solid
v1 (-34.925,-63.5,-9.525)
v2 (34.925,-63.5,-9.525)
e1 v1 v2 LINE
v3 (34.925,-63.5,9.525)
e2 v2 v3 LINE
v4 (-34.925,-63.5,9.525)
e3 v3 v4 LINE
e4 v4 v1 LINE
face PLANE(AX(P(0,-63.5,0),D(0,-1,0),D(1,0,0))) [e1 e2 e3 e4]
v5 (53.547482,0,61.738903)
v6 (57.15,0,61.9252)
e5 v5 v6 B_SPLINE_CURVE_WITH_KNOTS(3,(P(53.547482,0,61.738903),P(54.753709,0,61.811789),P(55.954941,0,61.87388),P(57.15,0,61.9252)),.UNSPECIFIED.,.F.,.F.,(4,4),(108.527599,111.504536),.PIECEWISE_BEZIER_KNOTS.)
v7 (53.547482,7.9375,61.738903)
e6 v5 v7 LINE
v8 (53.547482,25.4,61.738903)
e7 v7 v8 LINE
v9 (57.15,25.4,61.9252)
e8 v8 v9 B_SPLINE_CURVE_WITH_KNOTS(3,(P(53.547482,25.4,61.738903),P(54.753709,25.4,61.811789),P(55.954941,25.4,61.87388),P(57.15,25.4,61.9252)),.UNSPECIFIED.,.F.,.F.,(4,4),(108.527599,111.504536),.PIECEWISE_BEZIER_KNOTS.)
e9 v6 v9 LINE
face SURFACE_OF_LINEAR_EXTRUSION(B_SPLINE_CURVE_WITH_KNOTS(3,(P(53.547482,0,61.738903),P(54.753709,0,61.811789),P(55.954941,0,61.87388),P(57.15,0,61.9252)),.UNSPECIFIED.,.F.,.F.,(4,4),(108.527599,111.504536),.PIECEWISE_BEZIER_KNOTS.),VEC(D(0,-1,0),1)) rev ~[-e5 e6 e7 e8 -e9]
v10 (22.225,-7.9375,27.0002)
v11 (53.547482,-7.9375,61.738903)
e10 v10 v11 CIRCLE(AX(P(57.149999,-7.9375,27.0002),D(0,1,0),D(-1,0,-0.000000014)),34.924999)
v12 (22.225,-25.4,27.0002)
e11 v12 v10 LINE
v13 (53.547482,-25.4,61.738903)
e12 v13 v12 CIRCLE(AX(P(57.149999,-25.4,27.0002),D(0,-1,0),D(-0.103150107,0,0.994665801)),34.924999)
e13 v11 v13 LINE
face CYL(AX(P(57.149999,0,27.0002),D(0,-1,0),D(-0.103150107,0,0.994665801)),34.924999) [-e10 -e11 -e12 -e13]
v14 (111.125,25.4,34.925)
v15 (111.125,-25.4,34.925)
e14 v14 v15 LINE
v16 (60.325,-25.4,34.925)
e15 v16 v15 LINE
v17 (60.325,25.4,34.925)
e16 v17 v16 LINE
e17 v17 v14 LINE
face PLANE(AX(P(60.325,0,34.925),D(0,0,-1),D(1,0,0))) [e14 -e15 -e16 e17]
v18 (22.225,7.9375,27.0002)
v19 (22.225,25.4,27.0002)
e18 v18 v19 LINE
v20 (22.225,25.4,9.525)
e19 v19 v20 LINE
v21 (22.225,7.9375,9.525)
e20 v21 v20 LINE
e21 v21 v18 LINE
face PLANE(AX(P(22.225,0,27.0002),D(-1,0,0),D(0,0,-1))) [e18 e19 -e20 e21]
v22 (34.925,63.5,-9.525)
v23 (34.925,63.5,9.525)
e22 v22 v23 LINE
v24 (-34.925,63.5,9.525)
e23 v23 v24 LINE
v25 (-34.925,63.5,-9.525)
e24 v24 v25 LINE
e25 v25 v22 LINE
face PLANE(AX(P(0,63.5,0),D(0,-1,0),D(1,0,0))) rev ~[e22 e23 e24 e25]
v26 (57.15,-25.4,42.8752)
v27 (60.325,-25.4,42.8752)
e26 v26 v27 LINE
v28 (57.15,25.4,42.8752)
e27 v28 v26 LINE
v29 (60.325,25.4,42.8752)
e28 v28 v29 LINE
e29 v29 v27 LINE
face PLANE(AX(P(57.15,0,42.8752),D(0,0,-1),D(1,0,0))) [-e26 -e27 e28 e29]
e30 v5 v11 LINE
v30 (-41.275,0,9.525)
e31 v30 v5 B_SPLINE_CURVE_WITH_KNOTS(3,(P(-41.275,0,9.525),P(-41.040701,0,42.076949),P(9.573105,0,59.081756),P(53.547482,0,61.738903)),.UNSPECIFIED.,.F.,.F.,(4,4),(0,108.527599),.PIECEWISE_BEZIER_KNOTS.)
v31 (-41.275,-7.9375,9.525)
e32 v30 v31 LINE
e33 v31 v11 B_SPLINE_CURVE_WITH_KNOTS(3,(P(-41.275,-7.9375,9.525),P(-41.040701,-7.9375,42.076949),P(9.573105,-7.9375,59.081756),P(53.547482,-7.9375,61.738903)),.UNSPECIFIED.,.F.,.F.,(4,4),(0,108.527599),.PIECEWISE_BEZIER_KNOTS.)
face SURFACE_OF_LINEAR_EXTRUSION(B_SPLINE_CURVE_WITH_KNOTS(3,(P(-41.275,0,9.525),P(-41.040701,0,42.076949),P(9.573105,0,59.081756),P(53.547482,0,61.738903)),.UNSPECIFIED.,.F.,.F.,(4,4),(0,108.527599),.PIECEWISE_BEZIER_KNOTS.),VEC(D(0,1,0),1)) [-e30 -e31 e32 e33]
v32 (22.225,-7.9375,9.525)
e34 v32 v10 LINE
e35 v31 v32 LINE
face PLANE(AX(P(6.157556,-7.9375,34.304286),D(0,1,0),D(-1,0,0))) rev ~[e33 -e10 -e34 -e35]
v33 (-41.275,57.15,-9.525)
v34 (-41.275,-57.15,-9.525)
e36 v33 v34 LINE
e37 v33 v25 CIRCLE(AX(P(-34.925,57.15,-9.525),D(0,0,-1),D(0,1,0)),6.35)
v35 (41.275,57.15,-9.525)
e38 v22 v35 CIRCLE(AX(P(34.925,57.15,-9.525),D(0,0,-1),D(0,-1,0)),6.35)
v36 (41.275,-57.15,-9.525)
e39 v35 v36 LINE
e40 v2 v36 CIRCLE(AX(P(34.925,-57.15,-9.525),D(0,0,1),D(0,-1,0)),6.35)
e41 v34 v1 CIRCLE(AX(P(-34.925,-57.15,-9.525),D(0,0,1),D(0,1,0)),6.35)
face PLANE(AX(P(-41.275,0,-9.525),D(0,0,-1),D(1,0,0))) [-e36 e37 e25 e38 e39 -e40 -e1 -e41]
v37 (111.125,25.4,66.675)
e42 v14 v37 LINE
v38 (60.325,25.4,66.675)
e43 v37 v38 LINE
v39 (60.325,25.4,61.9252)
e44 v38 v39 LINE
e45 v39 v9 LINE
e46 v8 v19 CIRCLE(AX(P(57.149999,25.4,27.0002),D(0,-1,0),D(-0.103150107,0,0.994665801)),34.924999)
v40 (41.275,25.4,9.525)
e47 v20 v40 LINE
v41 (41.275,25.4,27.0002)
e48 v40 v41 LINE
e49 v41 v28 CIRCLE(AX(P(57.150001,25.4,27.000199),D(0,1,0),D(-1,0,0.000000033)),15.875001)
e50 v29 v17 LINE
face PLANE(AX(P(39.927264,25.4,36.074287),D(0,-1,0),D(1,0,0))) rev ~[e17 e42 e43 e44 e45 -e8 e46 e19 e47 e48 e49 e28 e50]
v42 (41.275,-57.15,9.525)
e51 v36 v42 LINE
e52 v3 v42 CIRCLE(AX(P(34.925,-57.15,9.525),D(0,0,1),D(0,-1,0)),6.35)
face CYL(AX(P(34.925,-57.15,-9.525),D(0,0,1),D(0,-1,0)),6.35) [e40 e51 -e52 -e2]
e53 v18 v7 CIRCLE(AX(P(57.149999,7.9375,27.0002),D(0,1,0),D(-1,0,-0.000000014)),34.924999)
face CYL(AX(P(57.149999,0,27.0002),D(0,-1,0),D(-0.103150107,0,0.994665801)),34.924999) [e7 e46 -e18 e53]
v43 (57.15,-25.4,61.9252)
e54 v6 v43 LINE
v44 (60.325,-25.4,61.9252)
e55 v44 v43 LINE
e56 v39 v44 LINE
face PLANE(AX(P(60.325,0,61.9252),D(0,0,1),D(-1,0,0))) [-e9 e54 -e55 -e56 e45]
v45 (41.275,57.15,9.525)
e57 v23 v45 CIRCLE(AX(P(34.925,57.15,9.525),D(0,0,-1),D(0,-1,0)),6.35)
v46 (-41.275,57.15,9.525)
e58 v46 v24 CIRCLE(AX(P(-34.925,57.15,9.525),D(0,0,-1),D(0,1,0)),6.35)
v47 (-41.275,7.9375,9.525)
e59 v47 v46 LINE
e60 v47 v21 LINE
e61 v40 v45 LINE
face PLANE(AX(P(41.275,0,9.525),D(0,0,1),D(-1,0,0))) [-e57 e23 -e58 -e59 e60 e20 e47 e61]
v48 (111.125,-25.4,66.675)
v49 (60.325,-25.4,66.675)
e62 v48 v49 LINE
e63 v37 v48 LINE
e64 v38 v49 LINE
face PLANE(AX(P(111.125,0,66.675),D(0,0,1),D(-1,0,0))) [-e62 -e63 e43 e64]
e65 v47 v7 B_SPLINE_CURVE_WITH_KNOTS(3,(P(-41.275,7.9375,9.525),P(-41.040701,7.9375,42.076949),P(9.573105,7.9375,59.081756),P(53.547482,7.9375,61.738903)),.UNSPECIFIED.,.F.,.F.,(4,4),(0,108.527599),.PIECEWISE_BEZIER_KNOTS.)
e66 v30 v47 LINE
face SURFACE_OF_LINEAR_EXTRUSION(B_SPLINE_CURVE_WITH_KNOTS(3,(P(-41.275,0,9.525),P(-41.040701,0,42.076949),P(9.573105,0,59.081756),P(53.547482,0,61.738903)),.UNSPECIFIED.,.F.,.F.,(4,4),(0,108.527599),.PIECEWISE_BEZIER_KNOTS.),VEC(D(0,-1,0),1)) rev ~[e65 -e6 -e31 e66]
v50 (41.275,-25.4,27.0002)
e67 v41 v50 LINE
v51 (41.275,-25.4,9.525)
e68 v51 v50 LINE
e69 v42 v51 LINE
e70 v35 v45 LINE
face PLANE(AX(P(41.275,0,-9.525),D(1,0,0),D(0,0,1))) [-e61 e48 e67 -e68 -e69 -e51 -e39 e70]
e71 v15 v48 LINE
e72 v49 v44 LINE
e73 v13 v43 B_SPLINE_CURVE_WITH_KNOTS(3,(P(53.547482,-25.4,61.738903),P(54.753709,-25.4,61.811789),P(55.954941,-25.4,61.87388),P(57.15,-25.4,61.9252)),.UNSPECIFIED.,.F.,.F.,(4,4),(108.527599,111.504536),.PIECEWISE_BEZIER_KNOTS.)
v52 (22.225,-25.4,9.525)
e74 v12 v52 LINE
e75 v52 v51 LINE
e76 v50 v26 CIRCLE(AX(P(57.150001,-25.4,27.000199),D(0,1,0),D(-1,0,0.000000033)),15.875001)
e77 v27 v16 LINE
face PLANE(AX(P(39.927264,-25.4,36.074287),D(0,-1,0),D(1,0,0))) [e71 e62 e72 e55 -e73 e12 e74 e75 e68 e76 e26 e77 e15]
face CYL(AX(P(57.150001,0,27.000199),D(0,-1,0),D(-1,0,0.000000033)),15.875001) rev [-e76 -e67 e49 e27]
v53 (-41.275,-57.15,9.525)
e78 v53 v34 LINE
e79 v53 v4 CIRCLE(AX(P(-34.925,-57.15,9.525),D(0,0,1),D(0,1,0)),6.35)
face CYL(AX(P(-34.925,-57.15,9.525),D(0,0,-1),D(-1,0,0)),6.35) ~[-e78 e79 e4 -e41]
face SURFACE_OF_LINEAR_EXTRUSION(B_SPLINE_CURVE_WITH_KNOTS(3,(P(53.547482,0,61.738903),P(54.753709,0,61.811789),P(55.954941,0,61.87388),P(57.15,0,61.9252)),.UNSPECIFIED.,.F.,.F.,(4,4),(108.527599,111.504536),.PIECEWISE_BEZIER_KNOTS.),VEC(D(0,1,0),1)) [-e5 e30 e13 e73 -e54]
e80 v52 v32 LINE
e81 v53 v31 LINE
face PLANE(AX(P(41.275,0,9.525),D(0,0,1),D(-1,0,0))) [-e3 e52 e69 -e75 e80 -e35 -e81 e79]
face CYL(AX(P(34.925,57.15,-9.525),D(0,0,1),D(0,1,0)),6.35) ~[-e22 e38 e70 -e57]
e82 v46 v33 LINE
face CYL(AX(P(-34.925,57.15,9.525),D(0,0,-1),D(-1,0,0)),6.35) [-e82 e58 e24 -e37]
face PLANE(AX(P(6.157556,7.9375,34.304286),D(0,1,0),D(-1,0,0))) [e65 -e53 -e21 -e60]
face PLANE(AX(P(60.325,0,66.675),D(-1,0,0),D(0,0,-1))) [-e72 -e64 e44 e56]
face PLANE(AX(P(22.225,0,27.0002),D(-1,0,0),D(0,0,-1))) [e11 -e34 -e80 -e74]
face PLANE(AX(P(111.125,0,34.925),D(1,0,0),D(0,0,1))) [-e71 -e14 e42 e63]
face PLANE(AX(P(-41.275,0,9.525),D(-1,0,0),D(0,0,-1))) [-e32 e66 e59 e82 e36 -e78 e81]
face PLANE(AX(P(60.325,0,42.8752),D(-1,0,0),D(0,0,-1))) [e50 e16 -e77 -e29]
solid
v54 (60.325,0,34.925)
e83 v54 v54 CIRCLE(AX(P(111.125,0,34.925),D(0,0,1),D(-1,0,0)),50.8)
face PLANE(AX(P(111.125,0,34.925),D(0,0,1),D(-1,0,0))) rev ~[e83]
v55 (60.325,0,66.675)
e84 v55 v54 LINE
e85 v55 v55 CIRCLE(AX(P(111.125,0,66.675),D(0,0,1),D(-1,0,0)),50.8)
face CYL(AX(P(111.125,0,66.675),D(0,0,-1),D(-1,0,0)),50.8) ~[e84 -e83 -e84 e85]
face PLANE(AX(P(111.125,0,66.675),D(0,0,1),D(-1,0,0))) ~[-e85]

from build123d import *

# Parameters (mm, degrees)
F1_DEPTH = 63.5
F2_DEPTH = 25.4
F3_DEPTH = 7.9375
F5_R     = 6.35


with BuildPart() as f1:
    # F0 (on Front) → F1 (new body, symmetric)
    with BuildSketch(Plane.XZ):
        Polygon((-41.275, 9.525), (-41.275, -9.525), (41.275, -9.525), (41.275, 9.525), (22.225, 9.525), align=None)
    extrude(amount=F1_DEPTH, both=True)

    # F0 (on Front) → F2 (join, symmetric)
    with BuildSketch(Plane.XZ):
        with BuildLine():
            Line((22.225, 9.525), (41.275, 9.525))
            Line((41.275, 9.525), (41.275, 27.0002))
            ThreePointArc((41.275, 27.0002), (45.92468, 38.22552), (57.15, 42.8752))
            Line((57.15, 42.8752), (60.325, 42.8752))
            Line((60.325, 42.8752), (60.325, 61.9252))
            Line((60.325, 61.9252), (57.15, 61.9252))
            add(Edge.make_bspline(
                [(53.547482, 61.738903), (54.753709, 61.811789), (55.954941, 61.87388), (57.15, 61.9252)],
                knots=[108.527599, 108.527599, 108.527599, 108.527599, 111.504536, 111.504536, 111.504536, 111.504536], degree=3))
            ThreePointArc((53.547482, 61.738903), (31.211866, 50.387565), (22.225, 27.0002))
            Line((22.225, 27.0002), (22.225, 9.525))
        make_face()
        Polygon((60.325, 66.675), (60.325, 61.9252), (60.325, 42.8752), (60.325, 34.925), (111.125, 34.925), (111.125, 66.675), align=None)
    extrude(amount=F2_DEPTH, both=True)

    # F0 (on Front) → F3 (join, symmetric)
    with BuildSketch(Plane.XZ):
        with BuildLine():
            add(Edge.make_bspline(
                [(-41.275, 9.525), (-41.040701, 42.076949), (9.573105, 59.081756), (53.547482, 61.738903)],
                knots=[0, 0, 0, 0, 108.527599, 108.527599, 108.527599, 108.527599], degree=3))
            Line((-41.275, 9.525), (22.225, 9.525))
            Line((22.225, 9.525), (22.225, 27.0002))
            ThreePointArc((22.225, 27.0002), (31.211866, 50.387565), (53.547482, 61.738903))
        make_face()
    extrude(amount=F3_DEPTH, both=True)

    # F5
    f5_edges = [f1.edges().sort_by_distance(p)[0] for p in [
        (41.275, -63.5, 0),
        (-41.275, -63.5, 0),
        (41.275, 63.5, 0),
        (-41.275, 63.5, 0),
    ]]
    fillet(f5_edges, radius=F5_R)


with BuildPart() as f4:
    # F0 (on Front) → F4 (revolve)
    with BuildSketch(Plane.XZ):
        Polygon((60.325, 66.675), (60.325, 61.9252), (60.325, 42.8752), (60.325, 34.925), (111.125, 34.925), (111.125, 66.675), align=None)
    revolve(axis=Axis((111.125, 0, 50.8), (0, 0, 1)))


solid = Compound([f1.part, f4.part])
